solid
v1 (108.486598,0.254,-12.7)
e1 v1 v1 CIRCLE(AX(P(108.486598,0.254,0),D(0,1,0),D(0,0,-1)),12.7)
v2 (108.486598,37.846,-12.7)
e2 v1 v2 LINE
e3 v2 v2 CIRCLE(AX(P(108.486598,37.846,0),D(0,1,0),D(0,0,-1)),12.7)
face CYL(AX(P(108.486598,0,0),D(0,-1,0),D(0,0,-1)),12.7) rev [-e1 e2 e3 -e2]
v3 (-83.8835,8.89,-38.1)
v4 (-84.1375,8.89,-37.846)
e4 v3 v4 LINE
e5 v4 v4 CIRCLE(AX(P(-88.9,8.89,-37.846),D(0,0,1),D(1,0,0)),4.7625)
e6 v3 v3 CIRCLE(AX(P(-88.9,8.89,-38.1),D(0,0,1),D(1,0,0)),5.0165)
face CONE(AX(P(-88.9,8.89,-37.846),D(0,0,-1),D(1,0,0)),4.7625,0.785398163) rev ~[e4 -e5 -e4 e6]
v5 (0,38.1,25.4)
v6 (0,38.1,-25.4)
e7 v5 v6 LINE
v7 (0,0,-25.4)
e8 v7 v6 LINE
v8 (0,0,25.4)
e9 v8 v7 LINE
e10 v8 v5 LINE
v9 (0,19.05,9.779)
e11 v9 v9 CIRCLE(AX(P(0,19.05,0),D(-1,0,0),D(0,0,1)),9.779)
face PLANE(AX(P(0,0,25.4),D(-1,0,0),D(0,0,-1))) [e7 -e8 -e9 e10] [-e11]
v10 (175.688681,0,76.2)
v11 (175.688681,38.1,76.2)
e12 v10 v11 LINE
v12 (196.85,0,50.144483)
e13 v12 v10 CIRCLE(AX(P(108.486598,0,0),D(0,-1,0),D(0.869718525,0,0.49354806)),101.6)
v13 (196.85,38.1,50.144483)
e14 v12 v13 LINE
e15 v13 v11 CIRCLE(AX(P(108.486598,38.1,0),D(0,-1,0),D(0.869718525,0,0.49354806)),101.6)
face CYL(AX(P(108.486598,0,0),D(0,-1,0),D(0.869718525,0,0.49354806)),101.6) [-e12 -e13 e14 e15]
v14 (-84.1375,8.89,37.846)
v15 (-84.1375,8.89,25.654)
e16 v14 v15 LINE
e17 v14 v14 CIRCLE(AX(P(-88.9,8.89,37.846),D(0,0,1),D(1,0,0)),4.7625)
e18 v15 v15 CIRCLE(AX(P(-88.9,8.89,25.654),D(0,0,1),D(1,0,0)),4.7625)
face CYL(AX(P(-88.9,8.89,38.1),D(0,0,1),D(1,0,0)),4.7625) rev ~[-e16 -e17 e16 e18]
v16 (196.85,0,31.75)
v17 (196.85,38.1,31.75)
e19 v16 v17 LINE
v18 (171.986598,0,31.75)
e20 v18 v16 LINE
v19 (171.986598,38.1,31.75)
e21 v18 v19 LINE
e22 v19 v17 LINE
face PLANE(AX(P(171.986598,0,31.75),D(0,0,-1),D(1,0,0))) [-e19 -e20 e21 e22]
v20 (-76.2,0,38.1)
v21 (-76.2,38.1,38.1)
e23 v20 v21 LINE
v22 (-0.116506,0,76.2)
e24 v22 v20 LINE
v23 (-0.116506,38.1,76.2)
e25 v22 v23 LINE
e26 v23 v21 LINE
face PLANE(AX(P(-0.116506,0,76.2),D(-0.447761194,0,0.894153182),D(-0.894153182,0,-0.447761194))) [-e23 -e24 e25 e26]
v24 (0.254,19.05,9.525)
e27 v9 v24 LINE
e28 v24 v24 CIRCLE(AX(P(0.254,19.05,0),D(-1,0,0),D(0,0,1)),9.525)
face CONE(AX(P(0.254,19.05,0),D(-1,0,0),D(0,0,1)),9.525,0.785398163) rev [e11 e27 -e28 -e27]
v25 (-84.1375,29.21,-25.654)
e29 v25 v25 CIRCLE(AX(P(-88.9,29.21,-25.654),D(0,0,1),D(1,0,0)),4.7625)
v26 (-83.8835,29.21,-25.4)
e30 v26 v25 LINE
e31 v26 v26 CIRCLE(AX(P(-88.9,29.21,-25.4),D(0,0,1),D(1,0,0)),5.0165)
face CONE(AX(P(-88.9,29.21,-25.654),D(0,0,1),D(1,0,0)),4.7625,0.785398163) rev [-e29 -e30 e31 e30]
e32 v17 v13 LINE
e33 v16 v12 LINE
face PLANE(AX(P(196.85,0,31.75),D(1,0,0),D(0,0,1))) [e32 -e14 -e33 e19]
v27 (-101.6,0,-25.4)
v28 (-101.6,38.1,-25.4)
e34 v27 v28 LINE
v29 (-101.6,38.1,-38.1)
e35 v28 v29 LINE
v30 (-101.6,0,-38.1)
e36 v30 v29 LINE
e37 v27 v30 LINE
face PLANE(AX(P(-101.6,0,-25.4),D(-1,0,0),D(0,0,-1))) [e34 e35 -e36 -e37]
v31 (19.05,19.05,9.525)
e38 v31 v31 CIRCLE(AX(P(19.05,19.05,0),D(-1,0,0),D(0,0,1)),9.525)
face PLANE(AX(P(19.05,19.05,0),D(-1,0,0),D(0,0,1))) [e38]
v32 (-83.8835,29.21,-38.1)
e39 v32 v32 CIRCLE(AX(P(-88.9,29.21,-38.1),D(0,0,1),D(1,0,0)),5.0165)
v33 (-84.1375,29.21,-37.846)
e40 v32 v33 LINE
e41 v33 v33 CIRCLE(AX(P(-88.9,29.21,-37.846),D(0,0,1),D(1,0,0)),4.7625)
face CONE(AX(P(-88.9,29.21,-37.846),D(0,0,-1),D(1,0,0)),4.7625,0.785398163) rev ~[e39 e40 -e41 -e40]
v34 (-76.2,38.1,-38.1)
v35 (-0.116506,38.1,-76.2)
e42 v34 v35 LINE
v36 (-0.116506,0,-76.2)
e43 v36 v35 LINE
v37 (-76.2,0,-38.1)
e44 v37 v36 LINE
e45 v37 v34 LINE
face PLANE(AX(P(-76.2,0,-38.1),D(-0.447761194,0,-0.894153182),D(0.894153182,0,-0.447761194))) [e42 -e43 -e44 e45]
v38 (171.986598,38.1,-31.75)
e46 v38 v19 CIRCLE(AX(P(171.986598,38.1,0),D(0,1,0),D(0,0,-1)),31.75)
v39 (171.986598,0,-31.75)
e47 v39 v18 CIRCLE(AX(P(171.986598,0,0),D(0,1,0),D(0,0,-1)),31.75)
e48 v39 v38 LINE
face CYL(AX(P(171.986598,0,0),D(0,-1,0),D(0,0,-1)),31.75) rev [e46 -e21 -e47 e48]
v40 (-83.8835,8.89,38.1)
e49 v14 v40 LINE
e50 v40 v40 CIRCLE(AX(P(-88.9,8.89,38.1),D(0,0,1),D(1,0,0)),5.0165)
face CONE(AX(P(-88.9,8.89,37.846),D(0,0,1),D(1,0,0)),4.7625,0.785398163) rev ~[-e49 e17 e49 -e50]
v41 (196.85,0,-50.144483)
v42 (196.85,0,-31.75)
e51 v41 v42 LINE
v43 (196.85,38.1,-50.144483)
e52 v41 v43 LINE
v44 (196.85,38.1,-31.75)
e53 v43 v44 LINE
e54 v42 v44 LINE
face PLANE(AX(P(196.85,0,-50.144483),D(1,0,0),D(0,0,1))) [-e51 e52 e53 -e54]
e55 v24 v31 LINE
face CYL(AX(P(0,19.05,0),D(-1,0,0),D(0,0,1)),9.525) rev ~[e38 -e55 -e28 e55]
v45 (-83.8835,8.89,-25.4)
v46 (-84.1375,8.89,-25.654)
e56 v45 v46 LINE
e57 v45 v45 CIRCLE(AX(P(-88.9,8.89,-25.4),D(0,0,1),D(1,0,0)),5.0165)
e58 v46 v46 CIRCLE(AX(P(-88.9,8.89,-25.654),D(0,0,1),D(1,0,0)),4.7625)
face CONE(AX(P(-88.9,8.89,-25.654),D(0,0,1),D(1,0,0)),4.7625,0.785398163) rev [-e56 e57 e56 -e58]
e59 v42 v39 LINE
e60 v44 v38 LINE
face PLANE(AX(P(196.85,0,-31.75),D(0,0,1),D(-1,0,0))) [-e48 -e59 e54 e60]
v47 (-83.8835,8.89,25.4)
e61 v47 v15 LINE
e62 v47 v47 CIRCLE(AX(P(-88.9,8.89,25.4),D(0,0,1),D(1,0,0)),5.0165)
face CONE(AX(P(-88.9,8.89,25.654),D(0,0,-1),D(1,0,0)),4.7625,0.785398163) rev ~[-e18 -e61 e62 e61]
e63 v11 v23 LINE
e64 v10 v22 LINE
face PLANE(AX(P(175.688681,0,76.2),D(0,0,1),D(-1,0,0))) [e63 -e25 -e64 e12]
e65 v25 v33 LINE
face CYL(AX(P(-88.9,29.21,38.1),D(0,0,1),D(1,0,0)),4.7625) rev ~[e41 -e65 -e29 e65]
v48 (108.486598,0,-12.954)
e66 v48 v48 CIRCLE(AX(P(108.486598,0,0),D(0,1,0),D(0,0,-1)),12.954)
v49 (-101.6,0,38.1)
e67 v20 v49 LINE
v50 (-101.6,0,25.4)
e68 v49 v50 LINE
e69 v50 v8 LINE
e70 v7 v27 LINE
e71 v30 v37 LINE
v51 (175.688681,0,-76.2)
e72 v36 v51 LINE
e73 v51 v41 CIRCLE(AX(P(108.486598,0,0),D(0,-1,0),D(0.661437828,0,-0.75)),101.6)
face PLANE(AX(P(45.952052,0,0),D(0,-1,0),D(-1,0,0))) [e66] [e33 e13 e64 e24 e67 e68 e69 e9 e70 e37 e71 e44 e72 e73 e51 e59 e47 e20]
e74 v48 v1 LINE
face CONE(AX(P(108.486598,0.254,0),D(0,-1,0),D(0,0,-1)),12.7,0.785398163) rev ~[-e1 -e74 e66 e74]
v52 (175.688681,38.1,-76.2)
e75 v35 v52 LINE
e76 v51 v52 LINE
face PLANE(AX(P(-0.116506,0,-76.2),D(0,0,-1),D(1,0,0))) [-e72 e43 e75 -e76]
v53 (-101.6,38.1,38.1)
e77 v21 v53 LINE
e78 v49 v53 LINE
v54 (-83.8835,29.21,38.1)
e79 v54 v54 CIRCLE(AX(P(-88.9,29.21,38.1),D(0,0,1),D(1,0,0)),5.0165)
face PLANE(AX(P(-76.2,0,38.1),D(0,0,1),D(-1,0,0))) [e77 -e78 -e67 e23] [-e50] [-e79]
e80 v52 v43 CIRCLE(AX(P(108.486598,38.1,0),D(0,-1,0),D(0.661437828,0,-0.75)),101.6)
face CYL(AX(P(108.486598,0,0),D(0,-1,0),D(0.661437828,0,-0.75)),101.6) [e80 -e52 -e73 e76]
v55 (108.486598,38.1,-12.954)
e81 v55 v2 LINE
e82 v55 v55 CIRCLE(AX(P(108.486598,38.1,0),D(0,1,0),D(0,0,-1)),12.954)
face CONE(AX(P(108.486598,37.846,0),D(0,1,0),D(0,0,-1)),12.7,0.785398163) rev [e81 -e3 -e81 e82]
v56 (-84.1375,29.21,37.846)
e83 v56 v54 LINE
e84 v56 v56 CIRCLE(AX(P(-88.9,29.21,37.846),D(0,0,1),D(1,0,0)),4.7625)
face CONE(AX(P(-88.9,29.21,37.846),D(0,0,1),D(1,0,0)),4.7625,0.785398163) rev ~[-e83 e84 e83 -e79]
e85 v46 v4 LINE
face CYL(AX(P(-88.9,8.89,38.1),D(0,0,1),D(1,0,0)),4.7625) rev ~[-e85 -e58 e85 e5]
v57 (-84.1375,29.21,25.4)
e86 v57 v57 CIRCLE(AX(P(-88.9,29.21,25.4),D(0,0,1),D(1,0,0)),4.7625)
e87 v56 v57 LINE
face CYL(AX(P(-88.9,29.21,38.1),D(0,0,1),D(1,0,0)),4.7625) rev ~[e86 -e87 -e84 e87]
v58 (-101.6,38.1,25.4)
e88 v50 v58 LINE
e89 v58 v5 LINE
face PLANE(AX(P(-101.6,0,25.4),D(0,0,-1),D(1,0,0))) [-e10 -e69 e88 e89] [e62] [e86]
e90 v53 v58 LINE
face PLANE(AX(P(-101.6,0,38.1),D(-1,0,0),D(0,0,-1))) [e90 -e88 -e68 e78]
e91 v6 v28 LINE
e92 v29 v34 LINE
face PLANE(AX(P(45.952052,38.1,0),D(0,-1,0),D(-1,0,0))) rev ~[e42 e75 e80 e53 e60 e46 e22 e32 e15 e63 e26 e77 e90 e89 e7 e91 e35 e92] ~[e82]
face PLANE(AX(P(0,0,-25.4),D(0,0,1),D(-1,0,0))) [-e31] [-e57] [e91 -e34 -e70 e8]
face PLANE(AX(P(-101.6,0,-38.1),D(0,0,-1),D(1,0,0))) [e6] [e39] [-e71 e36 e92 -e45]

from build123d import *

# Parameters (mm, degrees)
SKETCH2_R           = 12.7
BOSS_EXTRUDE1_DEPTH = 38.1
SKETCH4_R           = 9.525
CUT_EXTRUDE1_DEPTH  = 19.05
SKETCH5_R           = 4.7625
CUT_EXTRUDE2_DEPTH  = 231.794329436
CHAMFER1_SIZE       = 0.254


with BuildPart() as part:
    # Sketch2 → Boss-Extrude1 (new body)
    with BuildSketch(Plane(origin=(0, 0, 0), x_dir=(1, 0, 0), z_dir=(0, 1, 0))):
        with BuildLine():
            Line((0, -25.4), (0, 25.4))
            Line((0, 25.4), (-101.6, 25.4))
            Line((-101.6, 25.4), (-101.6, 38.1))
            Line((-101.6, 38.1), (-76.2, 38.1))
            Line((-76.2, 38.1), (-0.116505732, 76.2))
            Line((-0.116505732, 76.2), (175.688681182, 76.2))
            ThreePointArc((175.688681182, 76.2), (187.352798222, 64.052185316), (196.85, 50.144482907))
            Line((196.85, 50.144482907), (196.85, 31.75))
            Line((196.85, 31.75), (171.986597881, 31.75))
            ThreePointArc((171.986597881, 31.75), (140.236597881, 0), (171.986597881, -31.75))
            Line((171.986597881, -31.75), (196.85, -31.75))
            Line((196.85, -31.75), (196.85, -50.144482907))
            ThreePointArc((196.85, -50.144482907), (187.352798222, -64.052185316), (175.688681182, -76.2))
            Line((175.688681182, -76.2), (-0.116505732, -76.2))
            Line((-0.116505732, -76.2), (-76.2, -38.1))
            Line((-76.2, -38.1), (-101.6, -38.1))
            Line((-101.6, -38.1), (-101.6, -25.4))
            Line((-101.6, -25.4), (0, -25.4))
        make_face()
        with Locations(Location((108.486597881, 0, 0), (0, 0, 90))):
            Circle(SKETCH2_R, mode=Mode.SUBTRACT)
    extrude(amount=BOSS_EXTRUDE1_DEPTH)

    # Sketch4 → Cut-Extrude1 (cut)
    with BuildSketch(Plane.ZY):
        with Locations((0, 19.05)):
            Circle(SKETCH4_R)
    extrude(amount=-CUT_EXTRUDE1_DEPTH, mode=Mode.SUBTRACT)

    # Sketch5 → Cut-Extrude2 (cut, through all)
    with BuildSketch(Plane.XY.offset(38.1)):
        with Locations((-88.9, 29.21)):
            Circle(SKETCH5_R)
        with Locations((-88.9, 8.89)):
            Circle(SKETCH5_R)
    extrude(amount=-CUT_EXTRUDE2_DEPTH, mode=Mode.SUBTRACT)

    # Chamfer1
    chamfer1_edges = [part.edges().sort_by_distance(p)[0] for p in [
        (108.486597881, 0, 12.7),
        (108.486597881, 38.1, 12.7),
        (0, 19.05, -9.525),
        (-93.6625, 29.21, -38.1),
        (-93.6625, 29.21, -25.4),
        (-93.6625, 29.21, 38.1),
        (-93.6625, 8.89, -38.1),
        (-93.6625, 8.89, -25.4),
        (-93.6625, 8.89, 25.4),
        (-93.6625, 8.89, 38.1),
    ]]
    chamfer(chamfer1_edges, length=CHAMFER1_SIZE)


solid = part.part
